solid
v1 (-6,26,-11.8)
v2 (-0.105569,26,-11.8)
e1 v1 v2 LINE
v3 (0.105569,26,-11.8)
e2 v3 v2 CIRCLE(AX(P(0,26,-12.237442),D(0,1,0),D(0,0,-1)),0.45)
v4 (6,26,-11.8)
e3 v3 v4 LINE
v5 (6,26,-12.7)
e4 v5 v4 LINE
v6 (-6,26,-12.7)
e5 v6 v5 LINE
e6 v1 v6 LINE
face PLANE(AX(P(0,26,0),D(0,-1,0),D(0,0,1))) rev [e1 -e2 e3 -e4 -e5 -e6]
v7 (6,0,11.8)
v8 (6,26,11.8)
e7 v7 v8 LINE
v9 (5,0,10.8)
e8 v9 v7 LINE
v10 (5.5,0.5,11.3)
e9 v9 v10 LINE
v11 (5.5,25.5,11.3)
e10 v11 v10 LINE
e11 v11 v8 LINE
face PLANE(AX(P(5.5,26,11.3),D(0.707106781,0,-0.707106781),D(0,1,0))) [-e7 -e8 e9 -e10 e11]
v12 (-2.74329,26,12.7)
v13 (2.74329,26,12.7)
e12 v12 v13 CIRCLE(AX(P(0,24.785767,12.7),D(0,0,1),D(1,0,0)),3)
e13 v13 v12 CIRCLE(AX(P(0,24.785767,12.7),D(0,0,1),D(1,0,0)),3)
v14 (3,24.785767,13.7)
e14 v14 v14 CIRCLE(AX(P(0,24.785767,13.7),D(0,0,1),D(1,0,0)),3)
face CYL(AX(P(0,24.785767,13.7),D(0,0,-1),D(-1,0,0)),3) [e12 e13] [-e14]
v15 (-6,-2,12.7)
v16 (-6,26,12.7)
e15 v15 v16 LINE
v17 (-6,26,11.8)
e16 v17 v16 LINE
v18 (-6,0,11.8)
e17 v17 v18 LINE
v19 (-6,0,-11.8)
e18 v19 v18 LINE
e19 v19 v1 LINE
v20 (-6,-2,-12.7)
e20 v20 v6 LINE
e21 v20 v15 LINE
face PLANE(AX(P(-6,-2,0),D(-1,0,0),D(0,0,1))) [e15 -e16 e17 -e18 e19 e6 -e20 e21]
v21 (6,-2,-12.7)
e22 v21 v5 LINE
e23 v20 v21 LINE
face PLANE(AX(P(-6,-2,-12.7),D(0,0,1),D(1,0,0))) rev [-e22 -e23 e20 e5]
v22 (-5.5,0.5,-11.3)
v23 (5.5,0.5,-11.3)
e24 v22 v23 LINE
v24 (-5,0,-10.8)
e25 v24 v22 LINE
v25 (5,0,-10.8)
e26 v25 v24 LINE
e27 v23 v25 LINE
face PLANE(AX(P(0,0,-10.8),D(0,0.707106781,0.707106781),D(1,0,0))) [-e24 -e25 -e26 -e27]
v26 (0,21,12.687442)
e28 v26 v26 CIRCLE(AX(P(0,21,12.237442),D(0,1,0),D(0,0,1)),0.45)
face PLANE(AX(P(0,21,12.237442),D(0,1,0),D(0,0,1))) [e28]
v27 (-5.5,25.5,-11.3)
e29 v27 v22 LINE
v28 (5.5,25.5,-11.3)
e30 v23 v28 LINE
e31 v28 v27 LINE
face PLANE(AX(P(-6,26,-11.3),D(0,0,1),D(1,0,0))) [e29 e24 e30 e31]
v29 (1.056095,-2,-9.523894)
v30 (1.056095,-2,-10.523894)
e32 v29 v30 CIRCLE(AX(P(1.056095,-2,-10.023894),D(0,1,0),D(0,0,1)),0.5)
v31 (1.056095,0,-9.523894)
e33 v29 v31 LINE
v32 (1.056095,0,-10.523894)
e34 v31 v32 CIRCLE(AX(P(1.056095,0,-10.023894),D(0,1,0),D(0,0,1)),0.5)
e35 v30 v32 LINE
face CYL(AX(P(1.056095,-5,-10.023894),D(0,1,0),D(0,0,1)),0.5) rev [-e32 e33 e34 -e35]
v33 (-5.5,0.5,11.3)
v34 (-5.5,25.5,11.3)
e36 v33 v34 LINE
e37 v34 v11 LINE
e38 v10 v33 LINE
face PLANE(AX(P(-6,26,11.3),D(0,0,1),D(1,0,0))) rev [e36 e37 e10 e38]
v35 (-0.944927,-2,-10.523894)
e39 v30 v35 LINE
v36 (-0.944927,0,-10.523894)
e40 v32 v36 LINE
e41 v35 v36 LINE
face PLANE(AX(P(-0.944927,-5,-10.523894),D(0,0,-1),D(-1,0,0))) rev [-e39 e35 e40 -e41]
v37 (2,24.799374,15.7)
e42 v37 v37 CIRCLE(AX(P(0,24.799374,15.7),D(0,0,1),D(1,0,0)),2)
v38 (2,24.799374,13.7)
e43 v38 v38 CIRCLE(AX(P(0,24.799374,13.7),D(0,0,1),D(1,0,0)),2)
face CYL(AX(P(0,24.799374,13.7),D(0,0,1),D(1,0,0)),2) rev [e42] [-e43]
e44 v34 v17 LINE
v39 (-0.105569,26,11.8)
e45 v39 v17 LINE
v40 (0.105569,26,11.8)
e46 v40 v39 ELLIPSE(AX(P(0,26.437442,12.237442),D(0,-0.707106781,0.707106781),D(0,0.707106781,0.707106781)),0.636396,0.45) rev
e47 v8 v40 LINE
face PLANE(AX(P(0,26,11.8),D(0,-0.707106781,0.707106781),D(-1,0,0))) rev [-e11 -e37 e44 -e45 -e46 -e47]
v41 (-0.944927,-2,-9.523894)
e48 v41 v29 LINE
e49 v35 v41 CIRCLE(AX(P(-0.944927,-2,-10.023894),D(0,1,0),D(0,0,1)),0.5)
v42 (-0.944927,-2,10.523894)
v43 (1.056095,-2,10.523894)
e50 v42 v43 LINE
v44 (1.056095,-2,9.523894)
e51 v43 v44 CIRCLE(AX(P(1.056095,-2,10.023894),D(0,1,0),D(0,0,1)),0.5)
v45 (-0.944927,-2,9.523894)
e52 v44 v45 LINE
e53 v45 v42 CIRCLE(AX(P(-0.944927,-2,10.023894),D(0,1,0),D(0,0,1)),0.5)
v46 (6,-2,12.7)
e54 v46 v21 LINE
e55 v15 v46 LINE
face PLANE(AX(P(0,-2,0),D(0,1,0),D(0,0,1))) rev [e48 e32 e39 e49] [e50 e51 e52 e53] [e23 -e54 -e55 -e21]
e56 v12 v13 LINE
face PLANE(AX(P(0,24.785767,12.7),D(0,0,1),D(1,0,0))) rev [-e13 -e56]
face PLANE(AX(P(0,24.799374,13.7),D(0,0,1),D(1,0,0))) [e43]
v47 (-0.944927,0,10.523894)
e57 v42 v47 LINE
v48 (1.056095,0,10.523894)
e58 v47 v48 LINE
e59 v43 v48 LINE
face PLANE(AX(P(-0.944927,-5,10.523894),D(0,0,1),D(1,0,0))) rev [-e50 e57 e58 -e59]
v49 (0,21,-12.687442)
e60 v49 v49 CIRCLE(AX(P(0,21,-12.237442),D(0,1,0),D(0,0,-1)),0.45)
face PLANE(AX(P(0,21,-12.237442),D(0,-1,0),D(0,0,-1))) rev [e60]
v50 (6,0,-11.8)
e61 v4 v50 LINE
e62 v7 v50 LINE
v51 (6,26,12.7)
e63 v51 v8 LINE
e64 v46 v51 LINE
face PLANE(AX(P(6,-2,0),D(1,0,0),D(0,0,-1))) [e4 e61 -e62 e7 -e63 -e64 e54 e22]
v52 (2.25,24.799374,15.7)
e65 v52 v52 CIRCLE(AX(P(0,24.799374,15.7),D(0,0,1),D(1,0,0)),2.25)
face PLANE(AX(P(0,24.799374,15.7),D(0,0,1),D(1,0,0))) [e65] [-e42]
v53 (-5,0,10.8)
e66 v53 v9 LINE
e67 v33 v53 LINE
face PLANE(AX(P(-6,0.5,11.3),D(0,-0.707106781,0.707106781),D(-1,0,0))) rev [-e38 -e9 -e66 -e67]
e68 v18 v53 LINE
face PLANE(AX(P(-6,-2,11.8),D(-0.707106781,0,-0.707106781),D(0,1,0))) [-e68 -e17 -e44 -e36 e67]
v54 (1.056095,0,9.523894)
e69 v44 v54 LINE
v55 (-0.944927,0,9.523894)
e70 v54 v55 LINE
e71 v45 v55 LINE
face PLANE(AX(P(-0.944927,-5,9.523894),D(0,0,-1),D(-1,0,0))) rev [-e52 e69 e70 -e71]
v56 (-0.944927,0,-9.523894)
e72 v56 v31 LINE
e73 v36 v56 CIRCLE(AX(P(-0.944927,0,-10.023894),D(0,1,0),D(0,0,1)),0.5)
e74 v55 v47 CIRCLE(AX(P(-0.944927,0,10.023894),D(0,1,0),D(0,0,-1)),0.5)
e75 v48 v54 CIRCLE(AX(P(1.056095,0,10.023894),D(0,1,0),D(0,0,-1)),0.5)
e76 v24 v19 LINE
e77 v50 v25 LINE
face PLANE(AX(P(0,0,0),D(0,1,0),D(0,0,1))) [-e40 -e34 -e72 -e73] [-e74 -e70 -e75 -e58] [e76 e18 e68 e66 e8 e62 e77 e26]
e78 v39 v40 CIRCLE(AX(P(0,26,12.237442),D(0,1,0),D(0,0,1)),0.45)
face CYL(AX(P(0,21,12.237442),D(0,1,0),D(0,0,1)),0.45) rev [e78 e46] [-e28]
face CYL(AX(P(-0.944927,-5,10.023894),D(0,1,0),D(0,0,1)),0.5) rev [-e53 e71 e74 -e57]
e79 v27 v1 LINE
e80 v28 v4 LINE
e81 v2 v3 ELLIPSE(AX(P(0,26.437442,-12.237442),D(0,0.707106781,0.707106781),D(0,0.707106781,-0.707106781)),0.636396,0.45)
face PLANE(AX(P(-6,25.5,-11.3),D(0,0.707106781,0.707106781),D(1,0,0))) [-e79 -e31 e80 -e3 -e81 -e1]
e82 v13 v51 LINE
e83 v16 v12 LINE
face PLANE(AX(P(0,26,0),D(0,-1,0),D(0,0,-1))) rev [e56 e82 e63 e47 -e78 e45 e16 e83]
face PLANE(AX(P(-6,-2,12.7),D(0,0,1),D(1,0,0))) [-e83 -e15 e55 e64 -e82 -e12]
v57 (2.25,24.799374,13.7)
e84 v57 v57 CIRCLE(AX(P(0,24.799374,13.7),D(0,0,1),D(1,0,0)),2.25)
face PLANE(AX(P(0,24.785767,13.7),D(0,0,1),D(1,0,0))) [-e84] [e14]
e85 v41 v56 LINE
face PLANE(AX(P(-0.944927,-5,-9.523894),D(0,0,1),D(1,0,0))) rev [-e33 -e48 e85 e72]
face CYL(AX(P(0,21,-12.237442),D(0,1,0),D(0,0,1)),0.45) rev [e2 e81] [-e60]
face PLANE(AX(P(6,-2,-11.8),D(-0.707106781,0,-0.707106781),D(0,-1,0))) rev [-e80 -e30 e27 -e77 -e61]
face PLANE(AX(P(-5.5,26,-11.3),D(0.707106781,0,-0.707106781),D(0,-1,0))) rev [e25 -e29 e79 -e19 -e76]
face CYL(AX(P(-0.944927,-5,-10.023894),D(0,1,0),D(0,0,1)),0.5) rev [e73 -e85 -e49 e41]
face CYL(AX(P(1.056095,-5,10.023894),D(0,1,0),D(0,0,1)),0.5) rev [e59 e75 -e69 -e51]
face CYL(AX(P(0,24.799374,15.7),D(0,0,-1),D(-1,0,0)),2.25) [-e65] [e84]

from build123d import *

# Parameters (mm, degrees)
SKETCH1_W           = 12
SKETCH1_H           = 12.7
BOSS_EXTRUDE1_DEPTH = 2
SKETCH2_W           = 12
SKETCH2_H           = 1.4
BOSS_EXTRUDE2_DEPTH = 26
CHAMFER1_SIZE       = 0.5
CHAMFER2_SIZE       = 0.5
SKETCH3_R           = 0.45
CUT_EXTRUDE1_DEPTH  = 5
CUT_EXTRUDE2_DEPTH  = 5
SKETCH5_R           = 3
BOSS_EXTRUDE3_DEPTH = 1
SKETCH6_R           = 2.25
BOSS_EXTRUDE4_DEPTH = 2
SKETCH7_R           = 2
CUT_EXTRUDE3_DEPTH  = 2


with BuildPart() as part:
    # Sketch1 → Boss-Extrude1 (new body)
    with BuildSketch(Plane(origin=(0, 0, 0), x_dir=(1, 0, 0), z_dir=(0, 1, 0))):
        with Locations((0, -6.35)):
            Rectangle(SKETCH1_W, SKETCH1_H)
    boss_extrude1 = extrude(amount=-BOSS_EXTRUDE1_DEPTH)

    # Sketch2 → Boss-Extrude2 (add)
    with BuildSketch(Plane(origin=(0, 0, 0), x_dir=(1, 0, 0), z_dir=(0, 1, 0))):
        with Locations((0, -12)):
            Rectangle(SKETCH2_W, SKETCH2_H)
    boss_extrude2 = extrude(amount=BOSS_EXTRUDE2_DEPTH)

    # Mirror1: Boss-Extrude1, Boss-Extrude2 across plane
    add(boss_extrude1.mirror(Plane.XY))
    add(boss_extrude2.mirror(Plane.XY))

    # Chamfer1
    chamfer1_edges = [part.edges().sort_by_distance(p)[0] for p in [
        (-6, 13, 11.3),
        (6, 13, 11.3),
        (0, 26, 11.3),
        (0, 26, -11.3),
        (-6, 13, -11.3),
        (6, 13, -11.3),
    ]]
    chamfer(chamfer1_edges, length=CHAMFER1_SIZE)

    # Chamfer2
    chamfer2_edges = [part.edges().sort_by_distance(p)[0] for p in [
        (0, 0, -11.3),
        (0, 0, 11.3),
    ]]
    chamfer(chamfer2_edges, length=CHAMFER2_SIZE)

    # Sketch3 → Cut-Extrude1 (cut)
    with BuildSketch(Plane(origin=(0, 26, 0), x_dir=(1, 0, 0), z_dir=(0, 1, 0))):
        with Locations((0, -12.237441552)):
            Circle(SKETCH3_R)
        with Locations((0, 12.237441552)):
            Circle(SKETCH3_R)
    extrude(amount=-CUT_EXTRUDE1_DEPTH, mode=Mode.SUBTRACT)

    # Sketch4 → Cut-Extrude2 (cut)
    with BuildSketch(Plane(origin=(0, 0, 0), x_dir=(1, 0, 0), z_dir=(0, 1, 0))):
        with BuildLine():
            Line((-0.944927116, 10.523894152), (1.056095012, 10.523894152))
            ThreePointArc((1.056095012, 10.523894152), (1.556095012, 10.023894152), (1.056095012, 9.523894152))
            Line((1.056095012, 9.523894152), (-0.944927116, 9.523894152))
            ThreePointArc((-0.944927116, 9.523894152), (-1.444927116, 10.023894152), (-0.944927116, 10.523894152))
        make_face()
        with BuildLine():
            Line((-0.944927116, -10.523894152), (1.056095012, -10.523894152))
            ThreePointArc((1.056095012, -10.523894152), (1.556095012, -10.023894152), (1.056095012, -9.523894152))
            Line((1.056095012, -9.523894152), (-0.944927116, -9.523894152))
            ThreePointArc((-0.944927116, -9.523894152), (-1.444927116, -10.023894152), (-0.944927116, -10.523894152))
        make_face()
    extrude(amount=-CUT_EXTRUDE2_DEPTH, mode=Mode.SUBTRACT)

    # Sketch5 → Boss-Extrude3 (add)
    with BuildSketch(Plane.XY.offset(12.7)):
        with Locations((0, 24.785766933)):
            Circle(SKETCH5_R)
    extrude(amount=BOSS_EXTRUDE3_DEPTH)

    # Sketch6 → Boss-Extrude4 (add)
    with BuildSketch(Plane.XY.offset(13.7)):
        with Locations((0, 24.799373819)):
            Circle(SKETCH6_R)
    extrude(amount=BOSS_EXTRUDE4_DEPTH)

    # Sketch7 → Cut-Extrude3 (cut)
    with BuildSketch(Plane.XY.offset(15.7)):
        with Locations((0, 24.799373819)):
            Circle(SKETCH7_R)
    extrude(amount=-CUT_EXTRUDE3_DEPTH, mode=Mode.SUBTRACT)


solid = part.part
